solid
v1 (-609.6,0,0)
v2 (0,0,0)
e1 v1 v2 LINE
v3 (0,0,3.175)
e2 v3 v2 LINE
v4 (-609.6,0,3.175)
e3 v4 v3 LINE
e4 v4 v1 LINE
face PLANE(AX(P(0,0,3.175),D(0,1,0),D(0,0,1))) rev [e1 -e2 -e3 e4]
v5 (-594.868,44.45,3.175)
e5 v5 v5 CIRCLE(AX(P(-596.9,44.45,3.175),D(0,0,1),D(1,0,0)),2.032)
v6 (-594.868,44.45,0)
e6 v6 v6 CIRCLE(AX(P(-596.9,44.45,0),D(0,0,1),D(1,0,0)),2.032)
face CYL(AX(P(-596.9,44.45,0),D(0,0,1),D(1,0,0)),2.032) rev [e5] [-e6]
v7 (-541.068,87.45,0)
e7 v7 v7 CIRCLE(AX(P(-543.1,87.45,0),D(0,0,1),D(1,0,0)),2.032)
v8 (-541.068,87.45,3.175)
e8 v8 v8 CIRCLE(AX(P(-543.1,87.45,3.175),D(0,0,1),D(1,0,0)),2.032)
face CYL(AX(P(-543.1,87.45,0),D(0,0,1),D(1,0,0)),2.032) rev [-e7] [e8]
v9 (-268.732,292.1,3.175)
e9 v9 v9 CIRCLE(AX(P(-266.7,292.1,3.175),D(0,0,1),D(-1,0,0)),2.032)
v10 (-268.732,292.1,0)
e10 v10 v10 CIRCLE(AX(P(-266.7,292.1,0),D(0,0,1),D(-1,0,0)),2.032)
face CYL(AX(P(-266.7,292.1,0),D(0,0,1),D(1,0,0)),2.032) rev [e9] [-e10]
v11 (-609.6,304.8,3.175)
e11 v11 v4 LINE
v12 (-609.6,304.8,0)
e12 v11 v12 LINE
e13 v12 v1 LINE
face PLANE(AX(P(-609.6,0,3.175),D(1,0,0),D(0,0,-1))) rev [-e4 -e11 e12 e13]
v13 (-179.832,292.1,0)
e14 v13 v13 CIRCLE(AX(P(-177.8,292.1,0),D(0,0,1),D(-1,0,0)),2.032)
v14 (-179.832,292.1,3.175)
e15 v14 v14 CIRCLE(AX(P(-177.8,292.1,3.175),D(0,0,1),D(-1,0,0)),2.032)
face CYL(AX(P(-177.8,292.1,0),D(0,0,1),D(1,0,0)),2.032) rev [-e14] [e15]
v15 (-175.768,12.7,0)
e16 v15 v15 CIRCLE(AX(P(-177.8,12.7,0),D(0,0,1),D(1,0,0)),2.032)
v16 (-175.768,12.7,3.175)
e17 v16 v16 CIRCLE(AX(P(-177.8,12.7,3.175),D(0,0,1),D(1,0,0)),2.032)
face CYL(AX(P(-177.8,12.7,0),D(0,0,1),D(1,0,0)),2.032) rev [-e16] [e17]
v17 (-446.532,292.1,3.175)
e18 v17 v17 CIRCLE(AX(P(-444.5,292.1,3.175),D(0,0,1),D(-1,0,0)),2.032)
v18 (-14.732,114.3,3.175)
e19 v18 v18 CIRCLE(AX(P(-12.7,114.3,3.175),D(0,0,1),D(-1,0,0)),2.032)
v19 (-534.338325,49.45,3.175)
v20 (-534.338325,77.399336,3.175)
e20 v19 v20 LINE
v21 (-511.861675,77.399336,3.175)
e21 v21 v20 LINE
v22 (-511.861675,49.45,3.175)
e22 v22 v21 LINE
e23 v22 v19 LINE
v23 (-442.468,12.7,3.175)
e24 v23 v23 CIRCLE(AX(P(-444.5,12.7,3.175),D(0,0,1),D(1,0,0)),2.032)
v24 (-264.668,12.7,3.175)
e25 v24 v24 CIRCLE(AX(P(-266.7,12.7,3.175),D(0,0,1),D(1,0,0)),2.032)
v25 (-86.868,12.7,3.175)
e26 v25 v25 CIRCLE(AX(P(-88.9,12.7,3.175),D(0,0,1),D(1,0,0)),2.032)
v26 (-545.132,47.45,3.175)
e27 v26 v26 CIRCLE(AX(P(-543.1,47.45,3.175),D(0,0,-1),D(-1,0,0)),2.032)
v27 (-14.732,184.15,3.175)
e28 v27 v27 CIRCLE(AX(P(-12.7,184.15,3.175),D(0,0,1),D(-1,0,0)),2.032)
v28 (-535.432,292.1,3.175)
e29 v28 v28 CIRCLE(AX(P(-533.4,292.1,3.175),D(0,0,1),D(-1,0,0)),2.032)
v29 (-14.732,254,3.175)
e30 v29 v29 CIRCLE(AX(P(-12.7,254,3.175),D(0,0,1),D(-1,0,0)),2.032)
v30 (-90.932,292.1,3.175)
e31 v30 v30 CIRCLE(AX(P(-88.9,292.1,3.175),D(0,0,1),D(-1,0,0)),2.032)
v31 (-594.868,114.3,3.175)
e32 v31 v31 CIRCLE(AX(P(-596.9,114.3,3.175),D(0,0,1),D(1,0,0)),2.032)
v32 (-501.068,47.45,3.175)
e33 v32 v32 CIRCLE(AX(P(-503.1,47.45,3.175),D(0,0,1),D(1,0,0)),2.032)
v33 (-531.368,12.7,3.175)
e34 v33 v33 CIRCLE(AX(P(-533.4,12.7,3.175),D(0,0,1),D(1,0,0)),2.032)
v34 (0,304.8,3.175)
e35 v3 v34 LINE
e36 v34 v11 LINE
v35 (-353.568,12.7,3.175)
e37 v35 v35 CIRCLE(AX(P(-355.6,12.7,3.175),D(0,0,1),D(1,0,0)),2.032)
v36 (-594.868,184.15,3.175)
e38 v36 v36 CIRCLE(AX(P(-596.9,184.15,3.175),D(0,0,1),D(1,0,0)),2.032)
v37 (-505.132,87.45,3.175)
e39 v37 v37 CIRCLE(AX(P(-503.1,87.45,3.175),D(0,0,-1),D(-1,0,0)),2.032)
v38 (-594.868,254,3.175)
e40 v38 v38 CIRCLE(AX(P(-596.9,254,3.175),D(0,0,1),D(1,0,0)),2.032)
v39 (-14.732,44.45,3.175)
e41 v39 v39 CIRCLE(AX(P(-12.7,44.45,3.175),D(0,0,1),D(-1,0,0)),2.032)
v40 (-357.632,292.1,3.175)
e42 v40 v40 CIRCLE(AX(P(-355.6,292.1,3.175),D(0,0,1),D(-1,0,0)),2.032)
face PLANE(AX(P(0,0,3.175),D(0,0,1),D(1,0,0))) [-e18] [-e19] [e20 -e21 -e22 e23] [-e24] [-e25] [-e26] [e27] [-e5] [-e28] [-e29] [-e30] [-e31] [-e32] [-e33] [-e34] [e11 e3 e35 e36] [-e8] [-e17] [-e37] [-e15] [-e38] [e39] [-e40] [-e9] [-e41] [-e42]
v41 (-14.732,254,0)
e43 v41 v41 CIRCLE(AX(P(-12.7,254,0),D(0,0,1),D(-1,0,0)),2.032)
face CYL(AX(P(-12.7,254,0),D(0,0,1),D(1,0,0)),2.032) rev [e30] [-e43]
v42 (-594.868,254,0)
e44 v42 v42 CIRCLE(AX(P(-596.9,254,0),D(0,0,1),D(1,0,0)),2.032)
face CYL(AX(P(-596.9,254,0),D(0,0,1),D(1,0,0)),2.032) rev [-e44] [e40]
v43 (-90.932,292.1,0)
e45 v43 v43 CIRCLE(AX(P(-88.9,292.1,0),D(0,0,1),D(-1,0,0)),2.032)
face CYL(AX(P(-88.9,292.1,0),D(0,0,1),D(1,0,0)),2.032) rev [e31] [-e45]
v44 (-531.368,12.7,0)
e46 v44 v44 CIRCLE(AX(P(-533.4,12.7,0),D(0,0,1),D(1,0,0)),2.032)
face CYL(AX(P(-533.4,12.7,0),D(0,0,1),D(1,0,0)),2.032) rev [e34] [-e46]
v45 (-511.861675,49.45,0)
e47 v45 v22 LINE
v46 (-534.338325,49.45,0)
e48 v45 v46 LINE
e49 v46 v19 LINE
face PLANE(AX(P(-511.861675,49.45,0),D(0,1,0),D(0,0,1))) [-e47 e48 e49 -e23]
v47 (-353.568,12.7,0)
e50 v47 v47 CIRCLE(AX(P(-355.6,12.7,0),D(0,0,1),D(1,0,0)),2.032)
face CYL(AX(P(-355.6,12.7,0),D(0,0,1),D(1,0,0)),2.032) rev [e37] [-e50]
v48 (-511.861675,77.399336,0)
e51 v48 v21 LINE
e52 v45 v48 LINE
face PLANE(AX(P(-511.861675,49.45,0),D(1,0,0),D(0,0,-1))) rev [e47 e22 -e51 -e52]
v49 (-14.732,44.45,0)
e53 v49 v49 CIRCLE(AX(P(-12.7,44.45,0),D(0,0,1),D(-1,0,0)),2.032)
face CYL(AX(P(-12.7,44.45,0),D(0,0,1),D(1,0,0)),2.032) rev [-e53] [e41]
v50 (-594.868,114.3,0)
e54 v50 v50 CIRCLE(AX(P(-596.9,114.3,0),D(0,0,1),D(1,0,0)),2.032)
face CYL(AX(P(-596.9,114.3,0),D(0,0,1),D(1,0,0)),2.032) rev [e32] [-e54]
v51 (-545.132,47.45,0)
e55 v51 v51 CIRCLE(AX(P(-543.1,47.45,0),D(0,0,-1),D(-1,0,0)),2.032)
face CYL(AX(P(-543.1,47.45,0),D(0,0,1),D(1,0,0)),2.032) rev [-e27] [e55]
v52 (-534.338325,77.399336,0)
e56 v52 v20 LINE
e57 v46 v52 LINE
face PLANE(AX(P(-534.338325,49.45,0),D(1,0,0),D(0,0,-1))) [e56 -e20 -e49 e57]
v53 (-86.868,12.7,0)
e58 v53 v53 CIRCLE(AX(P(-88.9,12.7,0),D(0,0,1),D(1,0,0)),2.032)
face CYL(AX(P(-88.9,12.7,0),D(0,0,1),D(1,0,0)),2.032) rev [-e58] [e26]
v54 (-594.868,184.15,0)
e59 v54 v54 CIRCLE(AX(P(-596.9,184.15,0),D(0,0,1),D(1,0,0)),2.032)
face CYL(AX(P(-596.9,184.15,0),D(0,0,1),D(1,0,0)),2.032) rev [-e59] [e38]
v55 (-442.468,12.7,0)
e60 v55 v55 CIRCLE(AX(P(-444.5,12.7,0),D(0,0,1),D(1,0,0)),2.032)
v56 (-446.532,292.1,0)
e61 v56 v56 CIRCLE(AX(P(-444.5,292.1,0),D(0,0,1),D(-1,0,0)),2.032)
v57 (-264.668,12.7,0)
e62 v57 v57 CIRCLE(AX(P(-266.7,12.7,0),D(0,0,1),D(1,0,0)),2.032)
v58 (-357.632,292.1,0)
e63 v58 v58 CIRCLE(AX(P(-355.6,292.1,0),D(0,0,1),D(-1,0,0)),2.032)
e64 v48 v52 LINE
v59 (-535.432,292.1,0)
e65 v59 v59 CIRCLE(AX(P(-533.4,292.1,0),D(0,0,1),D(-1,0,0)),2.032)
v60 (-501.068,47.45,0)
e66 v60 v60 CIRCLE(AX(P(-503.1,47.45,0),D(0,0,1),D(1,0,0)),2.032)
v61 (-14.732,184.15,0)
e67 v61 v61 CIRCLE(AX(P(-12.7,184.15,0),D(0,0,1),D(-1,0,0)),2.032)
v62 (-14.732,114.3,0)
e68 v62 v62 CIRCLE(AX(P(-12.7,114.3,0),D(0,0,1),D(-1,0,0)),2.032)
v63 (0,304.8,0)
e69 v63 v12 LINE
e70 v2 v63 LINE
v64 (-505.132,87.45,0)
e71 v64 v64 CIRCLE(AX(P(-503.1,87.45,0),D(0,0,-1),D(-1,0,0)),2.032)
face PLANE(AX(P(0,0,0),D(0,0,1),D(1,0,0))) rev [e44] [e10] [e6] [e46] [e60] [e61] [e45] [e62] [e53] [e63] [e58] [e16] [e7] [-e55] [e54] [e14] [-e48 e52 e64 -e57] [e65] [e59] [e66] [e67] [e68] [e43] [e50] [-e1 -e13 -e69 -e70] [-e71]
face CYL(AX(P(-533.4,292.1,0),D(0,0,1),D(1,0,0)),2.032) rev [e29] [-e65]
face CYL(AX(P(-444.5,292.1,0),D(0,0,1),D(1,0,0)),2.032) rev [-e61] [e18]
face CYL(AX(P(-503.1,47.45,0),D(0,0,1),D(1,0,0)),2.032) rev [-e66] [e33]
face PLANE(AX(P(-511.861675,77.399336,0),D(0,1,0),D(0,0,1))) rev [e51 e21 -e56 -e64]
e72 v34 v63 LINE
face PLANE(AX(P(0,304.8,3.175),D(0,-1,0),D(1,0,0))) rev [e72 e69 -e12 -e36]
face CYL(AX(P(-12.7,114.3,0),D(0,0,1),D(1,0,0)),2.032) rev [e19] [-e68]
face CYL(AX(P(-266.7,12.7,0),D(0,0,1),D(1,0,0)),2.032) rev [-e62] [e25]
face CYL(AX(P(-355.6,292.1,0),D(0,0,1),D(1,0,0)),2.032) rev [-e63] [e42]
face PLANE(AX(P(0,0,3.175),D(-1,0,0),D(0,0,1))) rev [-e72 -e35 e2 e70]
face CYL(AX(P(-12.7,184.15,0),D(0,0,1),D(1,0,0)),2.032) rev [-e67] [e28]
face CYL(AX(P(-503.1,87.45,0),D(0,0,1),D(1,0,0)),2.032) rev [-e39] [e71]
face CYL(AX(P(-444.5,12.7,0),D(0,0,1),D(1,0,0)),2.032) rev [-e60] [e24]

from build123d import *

# Parameters (mm, degrees)
SKETCH1_W           = 609.6
SKETCH1_H           = 304.8
BOSS_EXTRUDE1_DEPTH = 3.175
SKETCH5_R           = 2.032
CUT_EXTRUDE4_DEPTH  = 4.175
SKETCH6_R           = 2.032
CUT_EXTRUDE5_DEPTH  = 3.175
SKETCH7_R           = 2.032
SKETCH7_W           = 22.476650202
SKETCH7_H           = 27.949336331
CUT_EXTRUDE7_DEPTH  = 4.175


with BuildPart() as part:
    # Sketch1 → Boss-Extrude1 (new body)
    with BuildSketch(Plane.XY):
        with Locations((-304.8, 152.4)):
            Rectangle(SKETCH1_W, SKETCH1_H)
    extrude(amount=BOSS_EXTRUDE1_DEPTH)

    # Sketch5 → Cut-Extrude4 (cut, through all)
    with BuildSketch(Plane.XY.offset(3.175)):
        with Locations((-533.4, 12.7)):
            Circle(SKETCH5_R)
        with Locations((-444.5, 12.7)):
            Circle(SKETCH5_R)
        with Locations((-355.6, 12.7)):
            Circle(SKETCH5_R)
        with Locations((-266.7, 12.7)):
            Circle(SKETCH5_R)
        with Locations((-177.8, 12.7)):
            Circle(SKETCH5_R)
        with Locations((-88.9, 12.7)):
            Circle(SKETCH5_R)
        with Locations((-88.9, 292.1)):
            Circle(SKETCH5_R)
        with Locations((-177.8, 292.1)):
            Circle(SKETCH5_R)
        with Locations((-266.7, 292.1)):
            Circle(SKETCH5_R)
        with Locations((-355.6, 292.1)):
            Circle(SKETCH5_R)
        with Locations((-444.5, 292.1)):
            Circle(SKETCH5_R)
        with Locations((-533.4, 292.1)):
            Circle(SKETCH5_R)
    extrude(amount=-CUT_EXTRUDE4_DEPTH, mode=Mode.SUBTRACT)

    # Sketch6 → Cut-Extrude5 (cut)
    with BuildSketch(Plane.XY.offset(3.175)):
        with Locations((-596.9, 254)):
            Circle(SKETCH6_R)
        with Locations((-596.9, 184.15)):
            Circle(SKETCH6_R)
        with Locations((-596.9, 114.3)):
            Circle(SKETCH6_R)
        with Locations((-596.9, 44.45)):
            Circle(SKETCH6_R)
        with Locations((-12.7, 44.45)):
            Circle(SKETCH6_R)
        with Locations((-12.7, 114.3)):
            Circle(SKETCH6_R)
        with Locations((-12.7, 184.15)):
            Circle(SKETCH6_R)
        with Locations((-12.7, 254)):
            Circle(SKETCH6_R)
    extrude(amount=-CUT_EXTRUDE5_DEPTH, mode=Mode.SUBTRACT)

    # Sketch7 → Cut-Extrude7 (cut, through all)
    with BuildSketch(Plane.XY.offset(3.175)):
        with Locations((-543.1, 87.45)):
            Circle(SKETCH7_R)
        with Locations((-503.1, 87.45)):
            Circle(SKETCH7_R)
        with Locations((-503.1, 47.45)):
            Circle(SKETCH7_R)
        with Locations((-543.1, 47.45)):
            Circle(SKETCH7_R)
        with Locations((-523.1, 63.424668166)):
            Rectangle(SKETCH7_W, SKETCH7_H)
    extrude(amount=-CUT_EXTRUDE7_DEPTH, mode=Mode.SUBTRACT)


solid = part.part
